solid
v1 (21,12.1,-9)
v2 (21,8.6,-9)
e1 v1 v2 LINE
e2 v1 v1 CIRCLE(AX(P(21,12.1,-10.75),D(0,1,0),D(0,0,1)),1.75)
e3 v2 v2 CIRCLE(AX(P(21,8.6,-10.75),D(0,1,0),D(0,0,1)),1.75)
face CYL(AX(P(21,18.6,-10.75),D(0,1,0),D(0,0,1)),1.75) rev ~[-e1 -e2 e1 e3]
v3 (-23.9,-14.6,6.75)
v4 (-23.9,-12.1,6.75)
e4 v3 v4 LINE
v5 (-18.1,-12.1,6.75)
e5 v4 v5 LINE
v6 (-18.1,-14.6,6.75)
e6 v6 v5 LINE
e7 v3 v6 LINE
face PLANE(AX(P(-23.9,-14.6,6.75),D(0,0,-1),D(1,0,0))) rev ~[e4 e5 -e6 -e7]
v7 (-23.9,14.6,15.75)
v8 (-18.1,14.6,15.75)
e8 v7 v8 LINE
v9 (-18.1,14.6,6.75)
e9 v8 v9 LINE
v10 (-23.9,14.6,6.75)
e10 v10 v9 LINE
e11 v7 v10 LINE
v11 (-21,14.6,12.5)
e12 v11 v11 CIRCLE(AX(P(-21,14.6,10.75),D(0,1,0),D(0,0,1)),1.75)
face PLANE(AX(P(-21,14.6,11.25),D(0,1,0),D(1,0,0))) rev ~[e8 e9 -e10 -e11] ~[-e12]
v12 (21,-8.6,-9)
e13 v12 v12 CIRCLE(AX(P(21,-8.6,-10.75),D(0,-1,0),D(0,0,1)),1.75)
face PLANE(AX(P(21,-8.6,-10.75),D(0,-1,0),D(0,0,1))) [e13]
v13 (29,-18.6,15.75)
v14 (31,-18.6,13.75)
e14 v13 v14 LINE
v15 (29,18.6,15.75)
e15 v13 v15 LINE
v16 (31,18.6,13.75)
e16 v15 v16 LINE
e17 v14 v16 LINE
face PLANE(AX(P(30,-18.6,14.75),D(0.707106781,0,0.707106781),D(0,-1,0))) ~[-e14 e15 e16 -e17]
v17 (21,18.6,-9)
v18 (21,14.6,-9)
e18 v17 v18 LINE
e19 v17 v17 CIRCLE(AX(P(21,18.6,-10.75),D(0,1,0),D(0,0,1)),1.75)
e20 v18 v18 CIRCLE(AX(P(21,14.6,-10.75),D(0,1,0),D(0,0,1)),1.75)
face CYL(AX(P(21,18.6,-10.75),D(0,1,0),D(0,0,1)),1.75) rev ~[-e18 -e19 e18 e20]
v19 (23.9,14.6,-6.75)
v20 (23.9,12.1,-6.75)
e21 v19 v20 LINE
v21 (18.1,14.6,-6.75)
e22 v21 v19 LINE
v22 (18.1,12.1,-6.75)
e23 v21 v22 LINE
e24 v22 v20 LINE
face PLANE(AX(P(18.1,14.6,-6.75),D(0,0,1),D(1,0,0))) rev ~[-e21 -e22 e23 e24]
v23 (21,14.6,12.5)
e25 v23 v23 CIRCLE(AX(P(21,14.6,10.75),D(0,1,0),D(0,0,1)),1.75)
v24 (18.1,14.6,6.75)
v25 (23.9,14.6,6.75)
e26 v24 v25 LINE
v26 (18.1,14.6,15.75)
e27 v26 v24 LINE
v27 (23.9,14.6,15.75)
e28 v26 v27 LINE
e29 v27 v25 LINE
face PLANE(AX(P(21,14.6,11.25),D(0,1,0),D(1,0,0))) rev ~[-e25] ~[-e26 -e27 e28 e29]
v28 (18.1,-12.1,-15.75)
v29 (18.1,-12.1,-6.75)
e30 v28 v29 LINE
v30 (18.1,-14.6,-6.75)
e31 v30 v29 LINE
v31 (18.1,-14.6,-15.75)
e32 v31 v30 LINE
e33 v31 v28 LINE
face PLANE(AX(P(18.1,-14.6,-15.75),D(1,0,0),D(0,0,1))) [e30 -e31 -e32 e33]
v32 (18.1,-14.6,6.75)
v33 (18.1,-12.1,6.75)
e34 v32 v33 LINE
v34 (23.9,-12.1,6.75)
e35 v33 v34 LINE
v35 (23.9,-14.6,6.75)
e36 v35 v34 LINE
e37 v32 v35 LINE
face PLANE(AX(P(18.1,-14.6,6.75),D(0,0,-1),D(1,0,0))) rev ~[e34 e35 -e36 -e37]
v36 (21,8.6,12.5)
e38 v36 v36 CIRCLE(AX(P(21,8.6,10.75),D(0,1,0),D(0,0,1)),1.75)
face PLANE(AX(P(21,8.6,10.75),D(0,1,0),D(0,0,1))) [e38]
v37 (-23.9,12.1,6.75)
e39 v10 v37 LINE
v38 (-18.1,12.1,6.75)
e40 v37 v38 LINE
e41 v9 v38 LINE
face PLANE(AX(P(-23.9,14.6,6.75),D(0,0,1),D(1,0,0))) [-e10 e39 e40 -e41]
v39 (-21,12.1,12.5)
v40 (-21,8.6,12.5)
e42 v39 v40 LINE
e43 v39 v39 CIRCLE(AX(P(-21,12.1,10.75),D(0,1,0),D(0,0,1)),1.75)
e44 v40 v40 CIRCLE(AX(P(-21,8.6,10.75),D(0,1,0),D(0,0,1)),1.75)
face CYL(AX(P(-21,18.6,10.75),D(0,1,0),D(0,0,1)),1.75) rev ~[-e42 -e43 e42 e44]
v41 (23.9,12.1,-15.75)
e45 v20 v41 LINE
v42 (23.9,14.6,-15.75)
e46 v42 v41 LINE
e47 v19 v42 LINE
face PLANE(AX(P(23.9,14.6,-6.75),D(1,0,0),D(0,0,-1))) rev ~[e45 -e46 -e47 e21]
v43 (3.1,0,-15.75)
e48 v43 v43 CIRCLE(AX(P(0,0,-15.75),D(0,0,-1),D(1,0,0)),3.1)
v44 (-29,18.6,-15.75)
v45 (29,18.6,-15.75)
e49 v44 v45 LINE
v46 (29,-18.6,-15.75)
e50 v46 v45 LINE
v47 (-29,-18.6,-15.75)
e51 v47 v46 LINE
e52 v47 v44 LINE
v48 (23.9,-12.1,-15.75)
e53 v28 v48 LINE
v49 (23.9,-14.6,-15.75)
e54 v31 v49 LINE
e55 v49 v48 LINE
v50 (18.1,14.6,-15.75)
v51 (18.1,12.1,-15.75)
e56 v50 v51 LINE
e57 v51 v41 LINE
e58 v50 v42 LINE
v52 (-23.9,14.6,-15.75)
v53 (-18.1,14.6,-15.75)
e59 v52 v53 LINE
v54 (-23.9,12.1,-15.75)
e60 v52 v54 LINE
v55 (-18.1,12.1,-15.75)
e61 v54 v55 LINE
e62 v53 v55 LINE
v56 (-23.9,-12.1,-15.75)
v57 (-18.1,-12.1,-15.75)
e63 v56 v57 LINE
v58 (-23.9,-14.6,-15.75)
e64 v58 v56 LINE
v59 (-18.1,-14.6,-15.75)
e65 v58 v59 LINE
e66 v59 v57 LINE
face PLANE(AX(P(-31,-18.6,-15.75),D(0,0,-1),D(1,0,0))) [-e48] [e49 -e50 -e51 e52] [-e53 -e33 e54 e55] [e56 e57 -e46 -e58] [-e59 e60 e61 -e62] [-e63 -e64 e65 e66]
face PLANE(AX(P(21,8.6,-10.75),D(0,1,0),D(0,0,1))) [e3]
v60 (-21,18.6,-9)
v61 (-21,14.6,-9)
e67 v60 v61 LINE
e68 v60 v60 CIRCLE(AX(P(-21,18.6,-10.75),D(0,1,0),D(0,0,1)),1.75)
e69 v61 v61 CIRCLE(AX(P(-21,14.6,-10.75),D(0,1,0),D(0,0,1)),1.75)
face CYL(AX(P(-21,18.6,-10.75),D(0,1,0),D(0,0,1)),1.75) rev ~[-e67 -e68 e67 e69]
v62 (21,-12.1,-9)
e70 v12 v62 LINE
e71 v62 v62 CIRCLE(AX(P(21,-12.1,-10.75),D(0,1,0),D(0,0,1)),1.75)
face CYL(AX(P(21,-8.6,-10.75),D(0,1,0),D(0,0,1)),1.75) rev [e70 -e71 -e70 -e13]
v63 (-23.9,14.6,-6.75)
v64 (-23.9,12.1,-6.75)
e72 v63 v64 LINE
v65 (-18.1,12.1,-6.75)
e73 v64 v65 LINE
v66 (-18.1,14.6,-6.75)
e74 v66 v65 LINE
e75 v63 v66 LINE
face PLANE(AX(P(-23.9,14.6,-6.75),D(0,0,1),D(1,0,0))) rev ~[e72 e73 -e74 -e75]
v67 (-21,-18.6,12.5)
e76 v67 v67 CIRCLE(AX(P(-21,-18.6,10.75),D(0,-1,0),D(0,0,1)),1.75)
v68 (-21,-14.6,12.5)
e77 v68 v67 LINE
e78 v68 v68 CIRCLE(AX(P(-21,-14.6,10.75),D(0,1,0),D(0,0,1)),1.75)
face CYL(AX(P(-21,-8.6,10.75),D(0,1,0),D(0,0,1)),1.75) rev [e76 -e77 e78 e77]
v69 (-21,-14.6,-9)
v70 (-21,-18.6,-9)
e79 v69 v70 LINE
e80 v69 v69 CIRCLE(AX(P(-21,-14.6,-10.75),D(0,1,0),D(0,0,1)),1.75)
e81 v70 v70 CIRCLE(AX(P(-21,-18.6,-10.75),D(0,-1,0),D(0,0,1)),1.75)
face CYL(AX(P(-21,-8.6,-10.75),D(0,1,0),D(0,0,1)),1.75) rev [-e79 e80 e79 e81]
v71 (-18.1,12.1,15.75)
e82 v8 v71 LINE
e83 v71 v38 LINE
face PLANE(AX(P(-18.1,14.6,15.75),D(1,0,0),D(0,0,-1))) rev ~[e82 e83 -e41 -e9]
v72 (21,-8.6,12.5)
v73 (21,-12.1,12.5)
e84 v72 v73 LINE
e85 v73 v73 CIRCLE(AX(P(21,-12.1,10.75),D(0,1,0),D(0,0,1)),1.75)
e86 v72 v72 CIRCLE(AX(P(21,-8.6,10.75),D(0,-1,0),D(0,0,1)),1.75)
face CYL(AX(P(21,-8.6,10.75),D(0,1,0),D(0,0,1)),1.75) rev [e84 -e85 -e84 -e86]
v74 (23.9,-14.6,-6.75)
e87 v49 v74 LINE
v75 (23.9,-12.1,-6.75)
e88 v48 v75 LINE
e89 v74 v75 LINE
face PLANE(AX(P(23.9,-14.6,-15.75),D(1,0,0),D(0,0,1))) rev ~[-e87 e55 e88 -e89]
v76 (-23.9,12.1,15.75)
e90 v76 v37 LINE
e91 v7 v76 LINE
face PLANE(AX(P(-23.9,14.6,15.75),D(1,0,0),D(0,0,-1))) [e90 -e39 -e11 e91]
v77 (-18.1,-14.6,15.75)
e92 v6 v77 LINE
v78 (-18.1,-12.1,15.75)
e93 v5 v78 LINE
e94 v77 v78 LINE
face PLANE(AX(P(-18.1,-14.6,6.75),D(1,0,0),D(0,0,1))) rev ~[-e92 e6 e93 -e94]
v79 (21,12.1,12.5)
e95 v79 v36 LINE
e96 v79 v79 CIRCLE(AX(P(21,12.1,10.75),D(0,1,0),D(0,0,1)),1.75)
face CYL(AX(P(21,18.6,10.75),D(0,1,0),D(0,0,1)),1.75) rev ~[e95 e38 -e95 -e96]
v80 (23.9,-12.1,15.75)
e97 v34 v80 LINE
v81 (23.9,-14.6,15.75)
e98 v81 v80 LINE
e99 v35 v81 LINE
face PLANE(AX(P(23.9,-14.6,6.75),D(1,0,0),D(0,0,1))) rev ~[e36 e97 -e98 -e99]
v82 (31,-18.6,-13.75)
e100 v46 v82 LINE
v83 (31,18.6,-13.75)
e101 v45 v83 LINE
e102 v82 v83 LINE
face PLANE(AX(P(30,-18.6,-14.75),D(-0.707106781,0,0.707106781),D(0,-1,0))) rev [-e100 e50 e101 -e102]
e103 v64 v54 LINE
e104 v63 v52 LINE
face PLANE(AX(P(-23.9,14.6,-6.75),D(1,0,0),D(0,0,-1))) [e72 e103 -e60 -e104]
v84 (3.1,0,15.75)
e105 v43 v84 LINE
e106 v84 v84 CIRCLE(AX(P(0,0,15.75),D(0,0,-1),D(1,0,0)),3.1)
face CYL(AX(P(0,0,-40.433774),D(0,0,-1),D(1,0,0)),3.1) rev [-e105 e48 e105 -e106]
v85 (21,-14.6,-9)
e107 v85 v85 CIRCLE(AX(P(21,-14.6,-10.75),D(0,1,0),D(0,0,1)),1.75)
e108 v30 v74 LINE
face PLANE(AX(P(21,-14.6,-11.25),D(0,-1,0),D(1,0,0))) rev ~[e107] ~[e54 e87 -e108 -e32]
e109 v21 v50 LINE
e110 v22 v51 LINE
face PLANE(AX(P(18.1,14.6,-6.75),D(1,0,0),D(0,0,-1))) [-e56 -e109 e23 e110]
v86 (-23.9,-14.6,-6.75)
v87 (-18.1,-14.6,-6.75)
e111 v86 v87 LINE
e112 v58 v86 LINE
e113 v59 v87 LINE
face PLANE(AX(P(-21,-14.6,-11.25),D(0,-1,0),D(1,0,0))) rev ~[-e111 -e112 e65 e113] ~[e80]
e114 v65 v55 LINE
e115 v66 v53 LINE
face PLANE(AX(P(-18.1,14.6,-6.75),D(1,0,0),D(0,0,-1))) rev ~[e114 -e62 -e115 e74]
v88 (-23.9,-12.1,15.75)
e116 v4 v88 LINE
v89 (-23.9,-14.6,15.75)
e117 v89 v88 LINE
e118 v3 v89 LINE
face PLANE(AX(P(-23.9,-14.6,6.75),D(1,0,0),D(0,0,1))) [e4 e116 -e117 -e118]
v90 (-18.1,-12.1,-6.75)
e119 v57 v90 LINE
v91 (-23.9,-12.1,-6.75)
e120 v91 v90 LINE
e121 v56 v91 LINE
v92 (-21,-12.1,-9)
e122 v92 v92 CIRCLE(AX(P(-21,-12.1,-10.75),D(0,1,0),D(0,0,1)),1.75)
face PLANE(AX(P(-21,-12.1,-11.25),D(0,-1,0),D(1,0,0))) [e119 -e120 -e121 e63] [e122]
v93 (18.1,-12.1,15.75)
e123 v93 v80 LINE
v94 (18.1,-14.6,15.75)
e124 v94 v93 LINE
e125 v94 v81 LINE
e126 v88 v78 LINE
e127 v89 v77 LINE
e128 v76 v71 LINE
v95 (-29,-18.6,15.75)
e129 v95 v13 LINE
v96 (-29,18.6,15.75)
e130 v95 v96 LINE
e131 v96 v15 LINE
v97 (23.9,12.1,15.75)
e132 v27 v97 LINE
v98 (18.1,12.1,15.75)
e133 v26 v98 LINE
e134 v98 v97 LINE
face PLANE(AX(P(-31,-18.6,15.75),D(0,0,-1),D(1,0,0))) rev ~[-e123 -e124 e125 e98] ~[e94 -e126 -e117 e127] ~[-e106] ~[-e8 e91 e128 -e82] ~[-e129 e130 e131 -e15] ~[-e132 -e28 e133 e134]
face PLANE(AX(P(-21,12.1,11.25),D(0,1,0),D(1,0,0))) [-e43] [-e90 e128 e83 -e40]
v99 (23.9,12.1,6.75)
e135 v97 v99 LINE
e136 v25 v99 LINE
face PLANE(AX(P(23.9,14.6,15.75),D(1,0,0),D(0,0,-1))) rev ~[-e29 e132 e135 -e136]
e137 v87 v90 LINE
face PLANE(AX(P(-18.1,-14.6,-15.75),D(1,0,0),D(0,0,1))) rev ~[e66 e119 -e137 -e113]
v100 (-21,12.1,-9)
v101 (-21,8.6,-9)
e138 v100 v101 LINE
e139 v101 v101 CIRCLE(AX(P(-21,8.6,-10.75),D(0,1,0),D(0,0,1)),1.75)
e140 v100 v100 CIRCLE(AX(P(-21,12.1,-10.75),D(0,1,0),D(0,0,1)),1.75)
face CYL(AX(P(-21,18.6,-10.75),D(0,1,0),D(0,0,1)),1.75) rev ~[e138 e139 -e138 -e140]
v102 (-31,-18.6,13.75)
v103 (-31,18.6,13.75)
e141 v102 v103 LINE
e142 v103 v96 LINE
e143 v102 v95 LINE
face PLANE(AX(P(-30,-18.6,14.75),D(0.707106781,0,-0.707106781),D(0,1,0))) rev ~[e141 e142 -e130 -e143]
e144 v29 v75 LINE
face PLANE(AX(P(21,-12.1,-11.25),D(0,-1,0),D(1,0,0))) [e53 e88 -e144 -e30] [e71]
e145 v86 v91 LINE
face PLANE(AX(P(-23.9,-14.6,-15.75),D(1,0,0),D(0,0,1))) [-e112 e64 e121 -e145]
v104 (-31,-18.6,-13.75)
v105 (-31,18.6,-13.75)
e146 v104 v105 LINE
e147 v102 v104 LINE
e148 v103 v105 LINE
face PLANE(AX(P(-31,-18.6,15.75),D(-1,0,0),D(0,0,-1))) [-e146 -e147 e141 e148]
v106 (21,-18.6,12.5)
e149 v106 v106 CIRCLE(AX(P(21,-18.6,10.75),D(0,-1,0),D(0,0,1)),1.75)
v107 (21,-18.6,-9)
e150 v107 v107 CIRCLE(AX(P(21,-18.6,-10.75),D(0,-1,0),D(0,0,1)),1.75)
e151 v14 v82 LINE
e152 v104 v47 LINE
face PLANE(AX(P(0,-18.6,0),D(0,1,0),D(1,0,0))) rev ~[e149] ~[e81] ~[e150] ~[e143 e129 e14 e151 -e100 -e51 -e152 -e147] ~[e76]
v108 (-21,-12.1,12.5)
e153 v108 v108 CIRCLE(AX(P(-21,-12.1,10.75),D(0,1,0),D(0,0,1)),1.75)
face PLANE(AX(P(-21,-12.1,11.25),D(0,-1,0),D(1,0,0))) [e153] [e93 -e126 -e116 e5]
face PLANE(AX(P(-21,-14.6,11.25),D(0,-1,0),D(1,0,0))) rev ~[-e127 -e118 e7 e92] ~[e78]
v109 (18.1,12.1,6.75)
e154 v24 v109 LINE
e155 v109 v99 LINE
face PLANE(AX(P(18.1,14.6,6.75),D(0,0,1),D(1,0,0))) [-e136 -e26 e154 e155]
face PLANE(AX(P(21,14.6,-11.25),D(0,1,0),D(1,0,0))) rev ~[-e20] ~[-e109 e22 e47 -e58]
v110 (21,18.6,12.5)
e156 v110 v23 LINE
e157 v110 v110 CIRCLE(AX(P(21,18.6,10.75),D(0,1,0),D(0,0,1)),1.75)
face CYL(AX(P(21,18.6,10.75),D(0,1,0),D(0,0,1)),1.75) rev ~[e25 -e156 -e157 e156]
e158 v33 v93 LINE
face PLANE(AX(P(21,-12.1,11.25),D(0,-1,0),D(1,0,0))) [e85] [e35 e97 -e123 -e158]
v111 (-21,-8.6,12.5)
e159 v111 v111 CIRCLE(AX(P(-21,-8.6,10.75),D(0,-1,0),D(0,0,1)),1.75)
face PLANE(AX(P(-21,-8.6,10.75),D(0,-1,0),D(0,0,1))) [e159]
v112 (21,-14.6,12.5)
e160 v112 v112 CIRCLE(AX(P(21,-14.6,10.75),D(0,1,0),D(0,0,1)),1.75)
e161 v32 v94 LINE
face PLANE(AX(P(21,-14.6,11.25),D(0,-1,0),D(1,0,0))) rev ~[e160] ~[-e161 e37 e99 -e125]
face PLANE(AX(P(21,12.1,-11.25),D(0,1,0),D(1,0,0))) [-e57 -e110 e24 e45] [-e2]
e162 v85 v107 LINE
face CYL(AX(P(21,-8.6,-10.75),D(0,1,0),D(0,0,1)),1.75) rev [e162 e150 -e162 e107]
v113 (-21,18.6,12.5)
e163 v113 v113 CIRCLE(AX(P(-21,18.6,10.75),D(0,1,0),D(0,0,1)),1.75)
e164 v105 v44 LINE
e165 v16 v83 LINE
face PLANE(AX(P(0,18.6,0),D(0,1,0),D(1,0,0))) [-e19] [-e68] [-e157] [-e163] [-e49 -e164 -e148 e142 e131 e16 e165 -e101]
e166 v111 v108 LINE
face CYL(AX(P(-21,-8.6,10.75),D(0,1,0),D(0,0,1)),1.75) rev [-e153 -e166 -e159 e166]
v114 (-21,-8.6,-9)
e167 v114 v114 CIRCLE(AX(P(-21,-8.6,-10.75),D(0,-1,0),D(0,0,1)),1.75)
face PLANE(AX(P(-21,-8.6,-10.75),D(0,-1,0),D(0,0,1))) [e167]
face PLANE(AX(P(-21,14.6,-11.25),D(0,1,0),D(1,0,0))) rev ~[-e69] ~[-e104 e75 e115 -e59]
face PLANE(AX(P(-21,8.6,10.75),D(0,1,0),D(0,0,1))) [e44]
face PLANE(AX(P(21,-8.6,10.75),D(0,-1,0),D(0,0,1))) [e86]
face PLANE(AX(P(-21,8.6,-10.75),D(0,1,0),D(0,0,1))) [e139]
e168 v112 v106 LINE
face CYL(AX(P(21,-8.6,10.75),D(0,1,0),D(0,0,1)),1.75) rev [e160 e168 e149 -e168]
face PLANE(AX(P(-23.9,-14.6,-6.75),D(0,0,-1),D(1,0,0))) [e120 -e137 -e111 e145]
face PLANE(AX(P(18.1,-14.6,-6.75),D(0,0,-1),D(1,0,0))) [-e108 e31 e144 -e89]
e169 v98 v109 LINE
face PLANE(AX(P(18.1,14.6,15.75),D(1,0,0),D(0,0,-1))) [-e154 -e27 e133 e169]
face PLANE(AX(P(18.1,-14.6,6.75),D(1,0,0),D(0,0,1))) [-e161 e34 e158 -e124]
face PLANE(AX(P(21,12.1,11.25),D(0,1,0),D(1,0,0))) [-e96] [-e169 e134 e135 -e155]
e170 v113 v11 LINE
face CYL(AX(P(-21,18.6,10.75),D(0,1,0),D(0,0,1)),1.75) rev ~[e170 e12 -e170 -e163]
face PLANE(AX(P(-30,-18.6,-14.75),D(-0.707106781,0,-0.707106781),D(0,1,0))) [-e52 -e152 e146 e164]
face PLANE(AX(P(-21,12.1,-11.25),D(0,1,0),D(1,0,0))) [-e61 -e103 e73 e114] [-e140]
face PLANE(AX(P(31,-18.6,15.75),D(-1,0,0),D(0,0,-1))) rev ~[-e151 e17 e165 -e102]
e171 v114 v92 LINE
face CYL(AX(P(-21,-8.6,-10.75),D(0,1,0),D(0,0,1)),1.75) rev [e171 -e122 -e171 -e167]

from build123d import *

# Parameters (mm, degrees)
BOSS_EXTRUDE1_DEPTH      = 18.6
BOSS_EXTRUDE1_DEPTH_BACK = 18.6
SKETCH2_W                = 62
SKETCH2_H                = 31.5
CUT_EXTRUDE1_DEPTH       = 40.433773596
CUT_EXTRUDE1_DEPTH_BACK  = 40.433773596
SKETCH3_R                = 3.1
SKETCH5_R                = 1.75
CUT_EXTRUDE2_DEPTH       = 10
CUT_EXTRUDE3_START       = -10
SKETCH6_R                = 1.75
CUT_EXTRUDE3_DEPTH       = 10
CUT_EXTRUDE4_START       = -4
SKETCH7_W                = 5.8
SKETCH7_H                = 9
CUT_EXTRUDE4_DEPTH       = 2.5
CUT_EXTRUDE5_START       = -4
SKETCH8_W                = 5.8
SKETCH8_H                = 9
CUT_EXTRUDE5_DEPTH       = 2.5
CHAMFER1_SIZE            = 2


with BuildPart() as part:
    # Sketch2 → Boss-Extrude1 (new, two sides: drawn at the far end of the back side and taken through both)
    with BuildSketch(Plane(origin=(0, 0, 0), x_dir=(1, 0, 0), z_dir=(0, 1, 0)).offset(-BOSS_EXTRUDE1_DEPTH_BACK)):
        Rectangle(SKETCH2_W, SKETCH2_H)
    extrude(amount=BOSS_EXTRUDE1_DEPTH + BOSS_EXTRUDE1_DEPTH_BACK)

    # Sketch3 → Cut-Extrude1 (cut, two sides: drawn at the far end of the back side and taken through both)
    with BuildSketch(Plane.XY.offset(-CUT_EXTRUDE1_DEPTH_BACK)):
        Circle(SKETCH3_R)
    extrude(amount=CUT_EXTRUDE1_DEPTH + CUT_EXTRUDE1_DEPTH_BACK, mode=Mode.SUBTRACT)

    # Sketch5 → Cut-Extrude2 (cut)
    with BuildSketch(Plane(origin=(0, 18.6, 0), x_dir=(1, 0, 0), z_dir=(0, 1, 0))):
        with Locations(Location((-21, -10.75, 0), (0, 0, 270))):
            Circle(SKETCH5_R)
        with Locations(Location((21, -10.75, 0), (0, 0, 270))):
            Circle(SKETCH5_R)
        with Locations(Location((21, 10.75, 0), (0, 0, 270))):
            Circle(SKETCH5_R)
        with Locations(Location((-21, 10.75, 0), (0, 0, 270))):
            Circle(SKETCH5_R)
    extrude(amount=-CUT_EXTRUDE2_DEPTH, mode=Mode.SUBTRACT)

    # Sketch6 → Cut-Extrude3 (cut)
    with BuildSketch(Plane.XZ.offset(18.6).offset(CUT_EXTRUDE3_START)):
        with Locations(Location((-21, 10.75, 0), (0, 0, 90))):
            Circle(SKETCH6_R)
        with Locations(Location((21, 10.75, 0), (0, 0, 90))):
            Circle(SKETCH6_R)
        with Locations(Location((21, -10.75, 0), (0, 0, 90))):
            Circle(SKETCH6_R)
        with Locations(Location((-21, -10.75, 0), (0, 0, 90))):
            Circle(SKETCH6_R)
    extrude(amount=CUT_EXTRUDE3_DEPTH, mode=Mode.SUBTRACT)

    # Sketch7 → Cut-Extrude4 (cut)
    with BuildSketch(Plane(origin=(0, 18.6, 0), x_dir=(1, 0, 0), z_dir=(0, 1, 0)).offset(CUT_EXTRUDE4_START)):
        with Locations((-21, 11.25)):
            Rectangle(SKETCH7_W, SKETCH7_H)
        with Locations((21, 11.25)):
            Rectangle(SKETCH7_W, SKETCH7_H)
        with Locations((21, -11.25)):
            Rectangle(SKETCH7_W, SKETCH7_H)
        with Locations((-21, -11.25)):
            Rectangle(SKETCH7_W, SKETCH7_H)
    extrude(amount=-CUT_EXTRUDE4_DEPTH, mode=Mode.SUBTRACT)

    # Sketch8 → Cut-Extrude5 (cut)
    with BuildSketch(Plane.XZ.offset(18.6).offset(CUT_EXTRUDE5_START)):
        with Locations((-21, -11.25)):
            Rectangle(SKETCH8_W, SKETCH8_H)
        with Locations((-21, 11.25)):
            Rectangle(SKETCH8_W, SKETCH8_H)
        with Locations((21, 11.25)):
            Rectangle(SKETCH8_W, SKETCH8_H)
        with Locations((21, -11.25)):
            Rectangle(SKETCH8_W, SKETCH8_H)
    extrude(amount=-CUT_EXTRUDE5_DEPTH, mode=Mode.SUBTRACT)

    # Chamfer1
    chamfer1_edges = [part.edges().sort_by_distance(p)[0] for p in [
        (31, 0, 15.75),
        (31, 0, -15.75),
        (-31, 0, -15.75),
        (-31, 0, 15.75),
    ]]
    chamfer(chamfer1_edges, length=CHAMFER1_SIZE)


solid = part.part
